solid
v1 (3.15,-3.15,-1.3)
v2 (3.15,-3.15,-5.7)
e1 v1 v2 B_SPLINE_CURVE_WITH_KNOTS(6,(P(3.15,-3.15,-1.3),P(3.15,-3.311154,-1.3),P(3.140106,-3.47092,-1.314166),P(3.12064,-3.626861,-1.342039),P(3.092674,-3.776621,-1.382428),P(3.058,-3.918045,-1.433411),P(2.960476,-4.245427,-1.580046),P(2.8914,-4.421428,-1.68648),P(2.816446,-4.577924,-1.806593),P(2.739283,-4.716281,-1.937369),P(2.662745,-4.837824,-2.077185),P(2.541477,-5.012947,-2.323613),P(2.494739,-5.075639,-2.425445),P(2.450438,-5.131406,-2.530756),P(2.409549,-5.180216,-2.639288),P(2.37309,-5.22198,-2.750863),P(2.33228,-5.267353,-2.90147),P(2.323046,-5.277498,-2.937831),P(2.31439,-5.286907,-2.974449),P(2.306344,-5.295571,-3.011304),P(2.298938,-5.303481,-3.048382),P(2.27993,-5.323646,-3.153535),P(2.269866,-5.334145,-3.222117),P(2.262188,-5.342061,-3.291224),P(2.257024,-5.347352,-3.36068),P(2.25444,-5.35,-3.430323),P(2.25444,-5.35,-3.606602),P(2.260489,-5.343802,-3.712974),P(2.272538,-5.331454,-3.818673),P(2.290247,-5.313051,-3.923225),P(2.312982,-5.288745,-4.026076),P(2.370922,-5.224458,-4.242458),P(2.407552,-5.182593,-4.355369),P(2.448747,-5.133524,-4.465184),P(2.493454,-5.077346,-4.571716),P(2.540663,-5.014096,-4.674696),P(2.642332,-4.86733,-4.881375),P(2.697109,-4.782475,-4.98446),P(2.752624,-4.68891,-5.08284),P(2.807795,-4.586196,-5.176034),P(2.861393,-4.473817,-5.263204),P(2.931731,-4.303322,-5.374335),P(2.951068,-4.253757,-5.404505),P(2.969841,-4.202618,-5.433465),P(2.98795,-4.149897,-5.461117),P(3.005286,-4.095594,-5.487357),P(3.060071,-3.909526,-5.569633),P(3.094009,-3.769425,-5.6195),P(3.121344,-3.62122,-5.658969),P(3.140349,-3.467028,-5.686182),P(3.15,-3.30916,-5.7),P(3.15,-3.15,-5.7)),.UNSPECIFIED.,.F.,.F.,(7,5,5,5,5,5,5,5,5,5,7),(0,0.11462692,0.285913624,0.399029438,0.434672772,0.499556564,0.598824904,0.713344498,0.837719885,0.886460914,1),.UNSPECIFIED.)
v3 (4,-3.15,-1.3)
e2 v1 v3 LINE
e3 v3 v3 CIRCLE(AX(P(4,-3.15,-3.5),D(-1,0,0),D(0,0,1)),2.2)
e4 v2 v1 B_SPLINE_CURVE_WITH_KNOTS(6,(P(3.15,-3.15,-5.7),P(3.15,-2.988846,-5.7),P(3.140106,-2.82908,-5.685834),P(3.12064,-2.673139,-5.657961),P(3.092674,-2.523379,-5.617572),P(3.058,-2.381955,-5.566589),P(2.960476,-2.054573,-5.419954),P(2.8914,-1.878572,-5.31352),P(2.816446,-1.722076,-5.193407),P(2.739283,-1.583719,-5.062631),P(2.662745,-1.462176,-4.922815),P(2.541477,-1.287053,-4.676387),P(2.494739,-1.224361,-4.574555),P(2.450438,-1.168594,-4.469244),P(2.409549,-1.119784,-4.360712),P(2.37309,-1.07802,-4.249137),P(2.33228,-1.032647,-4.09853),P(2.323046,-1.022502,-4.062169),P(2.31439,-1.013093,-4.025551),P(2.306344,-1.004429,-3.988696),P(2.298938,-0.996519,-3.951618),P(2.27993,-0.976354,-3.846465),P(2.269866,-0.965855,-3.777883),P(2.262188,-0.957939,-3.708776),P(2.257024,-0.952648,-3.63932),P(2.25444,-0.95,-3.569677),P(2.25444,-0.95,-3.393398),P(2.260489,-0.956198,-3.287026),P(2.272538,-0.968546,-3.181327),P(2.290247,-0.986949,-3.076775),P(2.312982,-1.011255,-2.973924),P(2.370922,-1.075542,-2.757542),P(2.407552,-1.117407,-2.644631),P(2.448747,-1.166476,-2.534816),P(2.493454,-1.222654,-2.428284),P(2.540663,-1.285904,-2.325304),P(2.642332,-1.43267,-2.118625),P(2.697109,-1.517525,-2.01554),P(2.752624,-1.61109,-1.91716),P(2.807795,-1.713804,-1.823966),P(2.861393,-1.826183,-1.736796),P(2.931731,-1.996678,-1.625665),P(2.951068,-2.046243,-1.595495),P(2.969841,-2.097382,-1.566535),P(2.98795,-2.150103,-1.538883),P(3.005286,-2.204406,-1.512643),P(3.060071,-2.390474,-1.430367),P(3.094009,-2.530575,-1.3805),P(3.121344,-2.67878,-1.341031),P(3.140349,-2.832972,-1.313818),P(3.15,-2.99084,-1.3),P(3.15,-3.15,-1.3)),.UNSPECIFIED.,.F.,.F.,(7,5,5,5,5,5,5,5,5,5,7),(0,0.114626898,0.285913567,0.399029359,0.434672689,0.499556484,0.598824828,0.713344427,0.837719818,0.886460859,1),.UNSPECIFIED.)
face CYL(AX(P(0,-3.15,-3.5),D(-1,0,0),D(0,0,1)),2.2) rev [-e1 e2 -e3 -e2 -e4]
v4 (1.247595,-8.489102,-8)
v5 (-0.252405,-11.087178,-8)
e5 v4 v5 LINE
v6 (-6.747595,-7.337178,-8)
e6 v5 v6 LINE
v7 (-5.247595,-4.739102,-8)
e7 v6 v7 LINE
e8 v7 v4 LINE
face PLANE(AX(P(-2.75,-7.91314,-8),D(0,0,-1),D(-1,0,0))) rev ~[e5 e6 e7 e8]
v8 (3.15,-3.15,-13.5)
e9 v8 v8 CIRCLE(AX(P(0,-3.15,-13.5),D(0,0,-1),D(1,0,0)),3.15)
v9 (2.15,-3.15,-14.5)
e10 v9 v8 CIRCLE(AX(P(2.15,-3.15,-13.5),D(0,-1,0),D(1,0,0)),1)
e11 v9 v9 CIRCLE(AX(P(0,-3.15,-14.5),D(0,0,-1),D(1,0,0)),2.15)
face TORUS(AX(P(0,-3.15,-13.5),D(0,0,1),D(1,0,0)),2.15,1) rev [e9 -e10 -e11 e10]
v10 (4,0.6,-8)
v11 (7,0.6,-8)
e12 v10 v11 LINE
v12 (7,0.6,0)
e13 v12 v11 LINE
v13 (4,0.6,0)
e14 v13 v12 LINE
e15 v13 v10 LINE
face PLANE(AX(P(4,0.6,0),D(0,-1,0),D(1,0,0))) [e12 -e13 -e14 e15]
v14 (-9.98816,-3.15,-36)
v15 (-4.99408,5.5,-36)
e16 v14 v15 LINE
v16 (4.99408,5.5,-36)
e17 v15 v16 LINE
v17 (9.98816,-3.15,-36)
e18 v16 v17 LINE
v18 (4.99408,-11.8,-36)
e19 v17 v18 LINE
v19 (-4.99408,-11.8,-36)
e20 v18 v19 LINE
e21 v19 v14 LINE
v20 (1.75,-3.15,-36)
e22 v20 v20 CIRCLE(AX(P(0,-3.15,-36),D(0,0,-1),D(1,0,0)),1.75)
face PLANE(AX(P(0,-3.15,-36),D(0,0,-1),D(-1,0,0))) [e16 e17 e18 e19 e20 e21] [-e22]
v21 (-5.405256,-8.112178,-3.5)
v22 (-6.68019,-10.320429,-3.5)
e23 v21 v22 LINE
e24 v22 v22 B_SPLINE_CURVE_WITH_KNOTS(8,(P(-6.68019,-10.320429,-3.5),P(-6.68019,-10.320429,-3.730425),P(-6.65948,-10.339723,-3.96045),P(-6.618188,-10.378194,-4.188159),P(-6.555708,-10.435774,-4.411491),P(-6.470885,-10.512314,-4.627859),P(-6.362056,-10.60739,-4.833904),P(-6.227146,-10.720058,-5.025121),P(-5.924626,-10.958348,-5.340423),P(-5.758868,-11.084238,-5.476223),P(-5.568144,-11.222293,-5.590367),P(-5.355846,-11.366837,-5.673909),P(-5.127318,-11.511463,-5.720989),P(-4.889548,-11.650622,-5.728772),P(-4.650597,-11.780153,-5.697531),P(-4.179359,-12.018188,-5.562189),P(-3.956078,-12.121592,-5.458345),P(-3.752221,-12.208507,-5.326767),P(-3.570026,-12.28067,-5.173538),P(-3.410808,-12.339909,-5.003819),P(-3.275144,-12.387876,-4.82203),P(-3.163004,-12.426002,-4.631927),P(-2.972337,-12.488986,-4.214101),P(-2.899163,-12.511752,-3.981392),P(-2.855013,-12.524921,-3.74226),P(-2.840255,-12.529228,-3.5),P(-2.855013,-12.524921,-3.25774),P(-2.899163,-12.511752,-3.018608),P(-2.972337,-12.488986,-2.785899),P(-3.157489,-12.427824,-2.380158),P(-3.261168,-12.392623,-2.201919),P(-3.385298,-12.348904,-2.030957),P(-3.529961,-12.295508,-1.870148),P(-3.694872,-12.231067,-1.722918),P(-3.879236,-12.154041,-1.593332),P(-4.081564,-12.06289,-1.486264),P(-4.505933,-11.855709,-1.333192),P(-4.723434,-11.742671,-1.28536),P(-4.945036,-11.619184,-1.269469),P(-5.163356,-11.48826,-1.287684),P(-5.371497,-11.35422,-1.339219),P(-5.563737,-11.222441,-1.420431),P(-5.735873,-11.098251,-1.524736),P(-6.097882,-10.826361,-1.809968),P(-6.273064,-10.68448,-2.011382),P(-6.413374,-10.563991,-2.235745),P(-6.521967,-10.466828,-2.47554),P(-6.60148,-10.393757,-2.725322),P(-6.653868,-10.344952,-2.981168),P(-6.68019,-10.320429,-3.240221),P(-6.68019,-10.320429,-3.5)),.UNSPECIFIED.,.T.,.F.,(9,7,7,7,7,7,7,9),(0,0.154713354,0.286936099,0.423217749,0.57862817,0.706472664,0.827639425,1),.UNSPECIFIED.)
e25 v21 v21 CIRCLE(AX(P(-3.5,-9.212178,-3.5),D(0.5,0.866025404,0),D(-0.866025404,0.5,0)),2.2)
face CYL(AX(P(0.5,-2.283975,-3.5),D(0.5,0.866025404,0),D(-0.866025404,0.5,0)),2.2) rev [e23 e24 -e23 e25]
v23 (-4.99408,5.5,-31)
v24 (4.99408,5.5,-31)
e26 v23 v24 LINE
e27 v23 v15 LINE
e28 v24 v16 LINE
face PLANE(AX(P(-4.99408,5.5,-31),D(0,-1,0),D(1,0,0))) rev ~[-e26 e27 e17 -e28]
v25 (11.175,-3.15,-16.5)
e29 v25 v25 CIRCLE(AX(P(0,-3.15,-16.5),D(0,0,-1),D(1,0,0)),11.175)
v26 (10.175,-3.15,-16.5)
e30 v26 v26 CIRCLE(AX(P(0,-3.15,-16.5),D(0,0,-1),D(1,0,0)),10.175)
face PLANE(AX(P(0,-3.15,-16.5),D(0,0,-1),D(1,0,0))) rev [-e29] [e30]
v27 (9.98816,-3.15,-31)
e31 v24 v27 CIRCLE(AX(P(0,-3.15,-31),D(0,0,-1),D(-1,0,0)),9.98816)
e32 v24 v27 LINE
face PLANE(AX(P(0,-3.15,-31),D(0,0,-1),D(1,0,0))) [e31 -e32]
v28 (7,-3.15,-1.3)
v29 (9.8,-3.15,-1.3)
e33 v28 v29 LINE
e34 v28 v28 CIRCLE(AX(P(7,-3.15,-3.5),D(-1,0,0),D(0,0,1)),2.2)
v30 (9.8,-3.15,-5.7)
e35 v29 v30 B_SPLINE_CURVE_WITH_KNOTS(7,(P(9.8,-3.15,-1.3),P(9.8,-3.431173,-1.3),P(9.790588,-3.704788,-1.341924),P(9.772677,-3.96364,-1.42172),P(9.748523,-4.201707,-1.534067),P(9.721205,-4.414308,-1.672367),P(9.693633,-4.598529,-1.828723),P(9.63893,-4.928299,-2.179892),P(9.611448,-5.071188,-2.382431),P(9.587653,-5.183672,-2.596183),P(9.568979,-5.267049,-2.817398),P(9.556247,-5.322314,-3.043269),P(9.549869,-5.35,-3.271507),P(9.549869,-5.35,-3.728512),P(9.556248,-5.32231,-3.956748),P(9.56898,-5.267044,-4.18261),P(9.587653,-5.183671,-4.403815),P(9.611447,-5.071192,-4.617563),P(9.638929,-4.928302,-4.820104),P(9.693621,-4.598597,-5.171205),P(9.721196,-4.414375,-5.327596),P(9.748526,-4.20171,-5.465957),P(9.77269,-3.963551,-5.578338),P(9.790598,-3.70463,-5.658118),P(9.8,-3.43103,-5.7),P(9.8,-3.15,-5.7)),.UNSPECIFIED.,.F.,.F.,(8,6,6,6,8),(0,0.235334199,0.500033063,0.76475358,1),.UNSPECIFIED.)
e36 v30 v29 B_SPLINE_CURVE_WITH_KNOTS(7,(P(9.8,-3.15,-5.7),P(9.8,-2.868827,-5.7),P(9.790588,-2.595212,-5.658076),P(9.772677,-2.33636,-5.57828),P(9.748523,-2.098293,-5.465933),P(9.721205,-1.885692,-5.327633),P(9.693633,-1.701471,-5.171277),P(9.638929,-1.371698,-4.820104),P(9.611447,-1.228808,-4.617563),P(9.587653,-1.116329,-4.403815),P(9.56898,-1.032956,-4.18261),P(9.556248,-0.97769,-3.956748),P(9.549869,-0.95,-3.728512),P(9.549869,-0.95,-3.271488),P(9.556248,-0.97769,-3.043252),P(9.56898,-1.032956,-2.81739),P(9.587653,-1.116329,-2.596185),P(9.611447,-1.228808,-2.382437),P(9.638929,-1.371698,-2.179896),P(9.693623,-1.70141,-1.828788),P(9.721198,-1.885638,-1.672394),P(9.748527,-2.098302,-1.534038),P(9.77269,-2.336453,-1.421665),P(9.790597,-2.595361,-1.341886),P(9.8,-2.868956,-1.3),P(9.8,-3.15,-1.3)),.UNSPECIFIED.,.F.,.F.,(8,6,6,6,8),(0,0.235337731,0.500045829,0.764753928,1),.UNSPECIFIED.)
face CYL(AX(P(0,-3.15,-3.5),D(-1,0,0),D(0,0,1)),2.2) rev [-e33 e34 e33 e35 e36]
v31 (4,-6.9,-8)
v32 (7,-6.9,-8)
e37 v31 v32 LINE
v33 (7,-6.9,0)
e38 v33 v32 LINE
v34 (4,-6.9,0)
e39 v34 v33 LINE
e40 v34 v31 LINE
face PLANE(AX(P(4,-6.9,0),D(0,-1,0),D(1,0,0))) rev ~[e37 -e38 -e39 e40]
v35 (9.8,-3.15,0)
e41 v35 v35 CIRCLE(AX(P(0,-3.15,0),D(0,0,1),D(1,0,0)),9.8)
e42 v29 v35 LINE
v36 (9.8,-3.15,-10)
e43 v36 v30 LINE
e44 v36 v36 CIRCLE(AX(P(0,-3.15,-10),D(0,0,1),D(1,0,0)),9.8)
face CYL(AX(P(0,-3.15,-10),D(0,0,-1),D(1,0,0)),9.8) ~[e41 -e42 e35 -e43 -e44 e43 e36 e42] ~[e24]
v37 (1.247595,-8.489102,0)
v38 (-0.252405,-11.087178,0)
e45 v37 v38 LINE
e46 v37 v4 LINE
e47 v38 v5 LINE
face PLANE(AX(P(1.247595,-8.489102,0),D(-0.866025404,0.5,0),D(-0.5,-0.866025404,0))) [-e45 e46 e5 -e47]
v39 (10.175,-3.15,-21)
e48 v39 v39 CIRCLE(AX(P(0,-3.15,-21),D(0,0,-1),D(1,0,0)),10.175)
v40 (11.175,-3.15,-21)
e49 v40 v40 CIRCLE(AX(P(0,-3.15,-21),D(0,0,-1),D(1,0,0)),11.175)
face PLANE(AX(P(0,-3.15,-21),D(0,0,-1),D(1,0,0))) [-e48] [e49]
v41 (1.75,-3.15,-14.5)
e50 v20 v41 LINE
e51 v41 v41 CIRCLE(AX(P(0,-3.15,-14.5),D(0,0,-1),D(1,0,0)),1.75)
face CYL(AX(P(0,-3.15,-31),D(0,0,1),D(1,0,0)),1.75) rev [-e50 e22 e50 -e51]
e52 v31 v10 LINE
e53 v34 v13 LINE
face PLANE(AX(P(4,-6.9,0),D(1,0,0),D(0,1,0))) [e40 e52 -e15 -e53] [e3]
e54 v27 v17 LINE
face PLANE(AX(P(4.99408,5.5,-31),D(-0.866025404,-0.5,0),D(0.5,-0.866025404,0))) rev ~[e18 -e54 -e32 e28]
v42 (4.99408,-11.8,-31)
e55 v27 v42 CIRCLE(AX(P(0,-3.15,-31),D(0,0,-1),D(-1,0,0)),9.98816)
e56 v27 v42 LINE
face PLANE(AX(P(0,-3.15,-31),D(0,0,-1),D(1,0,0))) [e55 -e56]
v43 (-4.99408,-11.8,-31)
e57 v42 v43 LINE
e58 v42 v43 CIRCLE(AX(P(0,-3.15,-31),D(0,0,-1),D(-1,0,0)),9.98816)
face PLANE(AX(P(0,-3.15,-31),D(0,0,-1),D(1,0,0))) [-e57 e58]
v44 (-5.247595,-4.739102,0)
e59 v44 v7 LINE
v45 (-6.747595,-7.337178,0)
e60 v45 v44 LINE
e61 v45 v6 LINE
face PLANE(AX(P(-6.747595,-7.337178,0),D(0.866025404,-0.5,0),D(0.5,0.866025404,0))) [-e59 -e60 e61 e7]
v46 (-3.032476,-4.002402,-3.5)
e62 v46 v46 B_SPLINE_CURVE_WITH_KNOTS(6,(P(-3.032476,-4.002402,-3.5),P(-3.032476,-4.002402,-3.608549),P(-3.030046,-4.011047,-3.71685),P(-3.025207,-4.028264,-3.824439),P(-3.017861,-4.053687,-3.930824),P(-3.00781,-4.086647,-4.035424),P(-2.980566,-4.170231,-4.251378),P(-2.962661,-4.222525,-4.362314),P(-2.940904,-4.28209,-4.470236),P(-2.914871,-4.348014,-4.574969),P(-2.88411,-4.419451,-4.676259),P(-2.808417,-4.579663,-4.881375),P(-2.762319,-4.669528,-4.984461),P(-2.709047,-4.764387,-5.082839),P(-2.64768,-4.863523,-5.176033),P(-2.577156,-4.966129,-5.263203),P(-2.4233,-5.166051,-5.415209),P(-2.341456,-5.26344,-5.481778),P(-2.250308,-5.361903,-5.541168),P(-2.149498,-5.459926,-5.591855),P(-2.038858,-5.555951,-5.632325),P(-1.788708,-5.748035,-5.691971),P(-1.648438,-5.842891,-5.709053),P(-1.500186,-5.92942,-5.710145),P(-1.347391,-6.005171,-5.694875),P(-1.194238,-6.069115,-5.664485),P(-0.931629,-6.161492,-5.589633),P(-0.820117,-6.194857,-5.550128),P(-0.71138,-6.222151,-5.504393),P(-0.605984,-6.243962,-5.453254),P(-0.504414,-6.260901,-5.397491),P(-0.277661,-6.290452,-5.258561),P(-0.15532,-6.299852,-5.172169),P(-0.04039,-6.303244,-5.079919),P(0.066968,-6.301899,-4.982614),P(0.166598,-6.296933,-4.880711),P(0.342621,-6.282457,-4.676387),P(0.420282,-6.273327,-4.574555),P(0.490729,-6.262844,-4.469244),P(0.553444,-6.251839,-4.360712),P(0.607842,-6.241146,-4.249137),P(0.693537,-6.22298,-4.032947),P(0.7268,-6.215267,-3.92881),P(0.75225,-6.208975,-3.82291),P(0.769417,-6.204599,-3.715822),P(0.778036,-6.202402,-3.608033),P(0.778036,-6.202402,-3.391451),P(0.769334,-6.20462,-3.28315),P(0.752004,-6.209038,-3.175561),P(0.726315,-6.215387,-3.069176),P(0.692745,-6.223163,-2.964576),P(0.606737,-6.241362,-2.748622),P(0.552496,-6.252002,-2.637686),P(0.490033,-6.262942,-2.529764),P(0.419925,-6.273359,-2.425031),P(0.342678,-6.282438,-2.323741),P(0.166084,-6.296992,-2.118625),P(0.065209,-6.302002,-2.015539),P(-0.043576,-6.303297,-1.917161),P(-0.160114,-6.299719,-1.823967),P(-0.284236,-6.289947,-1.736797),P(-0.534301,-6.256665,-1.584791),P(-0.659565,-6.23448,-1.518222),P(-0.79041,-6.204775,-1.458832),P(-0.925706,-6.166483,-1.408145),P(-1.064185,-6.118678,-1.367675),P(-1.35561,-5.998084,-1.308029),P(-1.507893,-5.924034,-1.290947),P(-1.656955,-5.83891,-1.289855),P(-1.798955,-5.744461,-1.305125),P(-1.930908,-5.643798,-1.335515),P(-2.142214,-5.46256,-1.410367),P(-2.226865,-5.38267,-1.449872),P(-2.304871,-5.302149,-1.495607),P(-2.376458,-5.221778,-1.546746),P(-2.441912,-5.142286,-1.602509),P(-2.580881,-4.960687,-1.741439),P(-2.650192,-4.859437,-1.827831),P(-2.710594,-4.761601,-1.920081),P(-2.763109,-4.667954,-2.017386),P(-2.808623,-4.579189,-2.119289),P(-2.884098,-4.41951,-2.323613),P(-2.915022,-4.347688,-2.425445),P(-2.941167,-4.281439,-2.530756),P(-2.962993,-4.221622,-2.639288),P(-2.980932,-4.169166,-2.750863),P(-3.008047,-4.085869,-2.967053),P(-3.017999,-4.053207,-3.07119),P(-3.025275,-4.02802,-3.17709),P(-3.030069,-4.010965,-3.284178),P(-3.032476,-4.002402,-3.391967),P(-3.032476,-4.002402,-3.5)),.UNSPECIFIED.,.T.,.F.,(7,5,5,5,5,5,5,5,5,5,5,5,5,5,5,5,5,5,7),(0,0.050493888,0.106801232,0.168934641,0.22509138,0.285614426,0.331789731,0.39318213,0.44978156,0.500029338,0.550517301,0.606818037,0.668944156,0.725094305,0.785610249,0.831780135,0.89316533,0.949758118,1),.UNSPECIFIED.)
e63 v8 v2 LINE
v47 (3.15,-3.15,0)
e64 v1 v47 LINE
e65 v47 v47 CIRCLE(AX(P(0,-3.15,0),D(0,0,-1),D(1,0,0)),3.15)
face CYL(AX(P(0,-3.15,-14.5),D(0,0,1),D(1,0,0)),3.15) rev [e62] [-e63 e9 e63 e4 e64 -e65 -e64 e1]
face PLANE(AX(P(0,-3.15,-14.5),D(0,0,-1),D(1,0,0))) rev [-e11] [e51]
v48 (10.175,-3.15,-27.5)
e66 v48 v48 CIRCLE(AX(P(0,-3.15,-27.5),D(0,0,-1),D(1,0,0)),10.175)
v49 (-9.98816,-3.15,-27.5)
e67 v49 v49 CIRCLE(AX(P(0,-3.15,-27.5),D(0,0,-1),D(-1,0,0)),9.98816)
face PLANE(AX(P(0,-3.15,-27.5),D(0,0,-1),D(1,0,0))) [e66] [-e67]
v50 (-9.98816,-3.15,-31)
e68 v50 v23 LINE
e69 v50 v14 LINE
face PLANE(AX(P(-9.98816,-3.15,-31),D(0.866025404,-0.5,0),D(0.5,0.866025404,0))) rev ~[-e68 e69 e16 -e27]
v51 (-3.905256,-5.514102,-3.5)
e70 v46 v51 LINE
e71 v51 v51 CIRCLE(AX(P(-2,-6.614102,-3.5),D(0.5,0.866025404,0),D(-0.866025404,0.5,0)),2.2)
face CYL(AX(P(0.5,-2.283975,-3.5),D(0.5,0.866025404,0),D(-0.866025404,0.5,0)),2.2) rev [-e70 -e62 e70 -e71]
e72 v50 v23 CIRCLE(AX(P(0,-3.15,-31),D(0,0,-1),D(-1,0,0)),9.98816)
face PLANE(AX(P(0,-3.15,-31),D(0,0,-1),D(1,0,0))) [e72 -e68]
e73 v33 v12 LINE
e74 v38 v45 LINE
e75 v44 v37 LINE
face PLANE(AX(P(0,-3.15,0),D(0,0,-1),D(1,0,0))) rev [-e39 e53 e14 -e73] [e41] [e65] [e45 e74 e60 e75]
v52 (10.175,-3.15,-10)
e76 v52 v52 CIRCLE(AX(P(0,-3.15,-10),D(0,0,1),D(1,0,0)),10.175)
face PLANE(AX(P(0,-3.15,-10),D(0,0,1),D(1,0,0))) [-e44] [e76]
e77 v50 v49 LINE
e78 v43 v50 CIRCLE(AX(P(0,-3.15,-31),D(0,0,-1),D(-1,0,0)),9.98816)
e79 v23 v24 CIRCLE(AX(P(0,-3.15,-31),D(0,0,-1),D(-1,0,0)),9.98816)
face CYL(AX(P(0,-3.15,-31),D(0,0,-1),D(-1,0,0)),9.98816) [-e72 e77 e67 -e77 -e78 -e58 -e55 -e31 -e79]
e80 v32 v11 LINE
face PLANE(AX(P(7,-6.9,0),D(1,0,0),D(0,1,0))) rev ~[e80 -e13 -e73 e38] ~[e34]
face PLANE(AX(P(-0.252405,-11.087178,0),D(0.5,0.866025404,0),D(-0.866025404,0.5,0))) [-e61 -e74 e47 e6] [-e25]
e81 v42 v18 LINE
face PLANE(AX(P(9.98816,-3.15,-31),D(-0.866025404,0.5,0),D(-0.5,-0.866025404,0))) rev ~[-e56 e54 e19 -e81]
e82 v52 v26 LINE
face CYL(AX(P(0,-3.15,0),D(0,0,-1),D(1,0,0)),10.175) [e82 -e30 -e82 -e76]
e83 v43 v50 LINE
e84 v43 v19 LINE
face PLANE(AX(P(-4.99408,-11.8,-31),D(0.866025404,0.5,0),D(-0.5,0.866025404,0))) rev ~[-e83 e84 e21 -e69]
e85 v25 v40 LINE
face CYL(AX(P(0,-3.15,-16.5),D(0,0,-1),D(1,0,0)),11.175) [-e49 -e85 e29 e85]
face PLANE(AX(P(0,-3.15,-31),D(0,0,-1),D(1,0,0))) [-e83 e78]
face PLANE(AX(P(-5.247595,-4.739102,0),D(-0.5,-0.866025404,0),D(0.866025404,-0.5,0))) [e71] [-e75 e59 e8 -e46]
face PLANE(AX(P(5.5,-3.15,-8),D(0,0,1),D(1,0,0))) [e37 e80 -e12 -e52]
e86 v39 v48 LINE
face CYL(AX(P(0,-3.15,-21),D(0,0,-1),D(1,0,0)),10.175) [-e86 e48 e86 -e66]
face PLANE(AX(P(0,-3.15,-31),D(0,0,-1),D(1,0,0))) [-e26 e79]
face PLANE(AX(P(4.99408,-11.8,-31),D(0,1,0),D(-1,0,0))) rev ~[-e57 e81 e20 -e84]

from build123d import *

# Parameters (mm, degrees)
SKETCH_2_R               = 1.75
EXTRUDE_937_DEPTH        = 5
FILLET_1_R               = 1
SKETCH_9_W               = 3
SKETCH_9_H               = 7.5
CUT_EXTRUDE_1306_DEPTH   = 8
CUT_EXTRUDE_2_DEPTH      = 10
CUT_EXTRUDE_2_DEPTH_BACK = 5
SKETCH_12_R              = 2.2
CUT_EXTRUDE_START        = -10
SKETCH_15_R              = 10.175
SKETCH_15_R_2            = 9.8
CUT_EXTRUDE_1_DEPTH      = 10
SKETCH_16_R              = 2.2
CUT_EXTRUDE_1_2_DEPTH    = 41.324759764
SKETCH_18_R              = 10.175
SKETCH_18_R_2            = 9.988159657
CUT_EXTRUDE_2_2_DEPTH    = 3.5


with BuildPart() as part:
    # Эскиз1 → Revolve 727 (revolve)
    with BuildSketch(Plane(origin=(0, 0, 0), x_dir=(0, 0, -1), z_dir=(1, 0, 0)), mode=Mode.PRIVATE) as revolve_727_sk:
        Polygon((0, 0), (0, 7.025), (16.5, 7.025), (16.5, 8.025), (21, 8.025), (21, 7.025), (31, 7.025), (31, -1.4), (14.5, -1.4), (14.5, 0), align=None)
    revolve(revolve_727_sk.sketch.rotate(Axis((0, -3.15, 0), (0, 0, -1)), 90), axis=Axis((0, -3.15, 0), (0, 0, -1)))

    # Эскиз2 → Extrude 937 (add)
    with BuildSketch(Plane(origin=(0, 0, -31), x_dir=(-1, 0, 0), z_dir=(0, 0, -1))):
        Polygon((4.994079828, 5.5), (-4.994079828, 5.5), (-9.988159657, -3.15), (-4.994079828, -11.8), (4.994079828, -11.8), (9.988159657, -3.15), align=None)
        with Locations(Location((0, -3.15, 0), (0, 0, 180))):
            Circle(SKETCH_2_R, mode=Mode.SUBTRACT)
    extrude(amount=EXTRUDE_937_DEPTH)

    # Скругление1
    fillet_1_edges = [part.edges().sort_by_distance(p)[0] for p in [
        (-3.15, -3.15, -14.5),
    ]]
    fillet(fillet_1_edges, radius=FILLET_1_R)

    # Эскиз9 → Cut-Extrude 1306 (cut)
    with BuildSketch(Plane.XY):
        with Locations((5.5, -3.15)):
            Rectangle(SKETCH_9_W, SKETCH_9_H)
        Polygon((-6.747595264, -7.337177826), (-5.247595264, -4.739101615), (1.247595264, -8.489101615), (-0.252404736, -11.087177826), align=None)
    extrude(amount=-CUT_EXTRUDE_1306_DEPTH, mode=Mode.SUBTRACT)

    # Эскиз12 → Cut-Extrude 2 (cut, two sides: drawn at the far end of the back side and taken through both)
    with BuildSketch(Plane(origin=(-3.363990011, -5.826601615, 0), x_dir=(0.8660254037844364, -0.500000000000004, 0), z_dir=(-0.500000000000004, -0.8660254037844365, 0)).offset(-CUT_EXTRUDE_2_DEPTH_BACK)):
        with Locations(Location((1.575, -3.5, 0), (0, 0, 180))):
            Circle(SKETCH_12_R)
    extrude(amount=CUT_EXTRUDE_2_DEPTH + CUT_EXTRUDE_2_DEPTH_BACK, mode=Mode.SUBTRACT)

    # Эскиз15 → Cut-Extrude 1 (cut)
    with BuildSketch(Plane.XY.offset(CUT_EXTRUDE_START)):
        with Locations((0, -3.15)):
            Circle(SKETCH_15_R)
        with Locations((0, -3.15)):
            Circle(SKETCH_15_R_2, mode=Mode.SUBTRACT)
    extrude(amount=CUT_EXTRUDE_1_DEPTH, mode=Mode.SUBTRACT)

    # Эскиз16 → Cut-Extrude 1 2 (cut, through all)
    with BuildSketch(Plane(origin=(0, 0, 0), x_dir=(0, 0, -1), z_dir=(1, 0, 0))):
        with Locations(Location((3.5, -3.15, 0), (0, 0, 180))):
            Circle(SKETCH_16_R)
    extrude(amount=CUT_EXTRUDE_1_2_DEPTH, mode=Mode.SUBTRACT)

    # Эскиз18 → Cut-Extrude 2 2 (cut)
    with BuildSketch(Plane(origin=(0, 0, -31), x_dir=(-1, 0, 0), z_dir=(0, 0, -1))):
        with Locations(Location((0, -3.15, 0), (0, 0, 180))):
            Circle(SKETCH_18_R)
        with Locations((0, -3.15)):
            Circle(SKETCH_18_R_2, mode=Mode.SUBTRACT)
    extrude(amount=-CUT_EXTRUDE_2_2_DEPTH, mode=Mode.SUBTRACT)


solid = part.part
